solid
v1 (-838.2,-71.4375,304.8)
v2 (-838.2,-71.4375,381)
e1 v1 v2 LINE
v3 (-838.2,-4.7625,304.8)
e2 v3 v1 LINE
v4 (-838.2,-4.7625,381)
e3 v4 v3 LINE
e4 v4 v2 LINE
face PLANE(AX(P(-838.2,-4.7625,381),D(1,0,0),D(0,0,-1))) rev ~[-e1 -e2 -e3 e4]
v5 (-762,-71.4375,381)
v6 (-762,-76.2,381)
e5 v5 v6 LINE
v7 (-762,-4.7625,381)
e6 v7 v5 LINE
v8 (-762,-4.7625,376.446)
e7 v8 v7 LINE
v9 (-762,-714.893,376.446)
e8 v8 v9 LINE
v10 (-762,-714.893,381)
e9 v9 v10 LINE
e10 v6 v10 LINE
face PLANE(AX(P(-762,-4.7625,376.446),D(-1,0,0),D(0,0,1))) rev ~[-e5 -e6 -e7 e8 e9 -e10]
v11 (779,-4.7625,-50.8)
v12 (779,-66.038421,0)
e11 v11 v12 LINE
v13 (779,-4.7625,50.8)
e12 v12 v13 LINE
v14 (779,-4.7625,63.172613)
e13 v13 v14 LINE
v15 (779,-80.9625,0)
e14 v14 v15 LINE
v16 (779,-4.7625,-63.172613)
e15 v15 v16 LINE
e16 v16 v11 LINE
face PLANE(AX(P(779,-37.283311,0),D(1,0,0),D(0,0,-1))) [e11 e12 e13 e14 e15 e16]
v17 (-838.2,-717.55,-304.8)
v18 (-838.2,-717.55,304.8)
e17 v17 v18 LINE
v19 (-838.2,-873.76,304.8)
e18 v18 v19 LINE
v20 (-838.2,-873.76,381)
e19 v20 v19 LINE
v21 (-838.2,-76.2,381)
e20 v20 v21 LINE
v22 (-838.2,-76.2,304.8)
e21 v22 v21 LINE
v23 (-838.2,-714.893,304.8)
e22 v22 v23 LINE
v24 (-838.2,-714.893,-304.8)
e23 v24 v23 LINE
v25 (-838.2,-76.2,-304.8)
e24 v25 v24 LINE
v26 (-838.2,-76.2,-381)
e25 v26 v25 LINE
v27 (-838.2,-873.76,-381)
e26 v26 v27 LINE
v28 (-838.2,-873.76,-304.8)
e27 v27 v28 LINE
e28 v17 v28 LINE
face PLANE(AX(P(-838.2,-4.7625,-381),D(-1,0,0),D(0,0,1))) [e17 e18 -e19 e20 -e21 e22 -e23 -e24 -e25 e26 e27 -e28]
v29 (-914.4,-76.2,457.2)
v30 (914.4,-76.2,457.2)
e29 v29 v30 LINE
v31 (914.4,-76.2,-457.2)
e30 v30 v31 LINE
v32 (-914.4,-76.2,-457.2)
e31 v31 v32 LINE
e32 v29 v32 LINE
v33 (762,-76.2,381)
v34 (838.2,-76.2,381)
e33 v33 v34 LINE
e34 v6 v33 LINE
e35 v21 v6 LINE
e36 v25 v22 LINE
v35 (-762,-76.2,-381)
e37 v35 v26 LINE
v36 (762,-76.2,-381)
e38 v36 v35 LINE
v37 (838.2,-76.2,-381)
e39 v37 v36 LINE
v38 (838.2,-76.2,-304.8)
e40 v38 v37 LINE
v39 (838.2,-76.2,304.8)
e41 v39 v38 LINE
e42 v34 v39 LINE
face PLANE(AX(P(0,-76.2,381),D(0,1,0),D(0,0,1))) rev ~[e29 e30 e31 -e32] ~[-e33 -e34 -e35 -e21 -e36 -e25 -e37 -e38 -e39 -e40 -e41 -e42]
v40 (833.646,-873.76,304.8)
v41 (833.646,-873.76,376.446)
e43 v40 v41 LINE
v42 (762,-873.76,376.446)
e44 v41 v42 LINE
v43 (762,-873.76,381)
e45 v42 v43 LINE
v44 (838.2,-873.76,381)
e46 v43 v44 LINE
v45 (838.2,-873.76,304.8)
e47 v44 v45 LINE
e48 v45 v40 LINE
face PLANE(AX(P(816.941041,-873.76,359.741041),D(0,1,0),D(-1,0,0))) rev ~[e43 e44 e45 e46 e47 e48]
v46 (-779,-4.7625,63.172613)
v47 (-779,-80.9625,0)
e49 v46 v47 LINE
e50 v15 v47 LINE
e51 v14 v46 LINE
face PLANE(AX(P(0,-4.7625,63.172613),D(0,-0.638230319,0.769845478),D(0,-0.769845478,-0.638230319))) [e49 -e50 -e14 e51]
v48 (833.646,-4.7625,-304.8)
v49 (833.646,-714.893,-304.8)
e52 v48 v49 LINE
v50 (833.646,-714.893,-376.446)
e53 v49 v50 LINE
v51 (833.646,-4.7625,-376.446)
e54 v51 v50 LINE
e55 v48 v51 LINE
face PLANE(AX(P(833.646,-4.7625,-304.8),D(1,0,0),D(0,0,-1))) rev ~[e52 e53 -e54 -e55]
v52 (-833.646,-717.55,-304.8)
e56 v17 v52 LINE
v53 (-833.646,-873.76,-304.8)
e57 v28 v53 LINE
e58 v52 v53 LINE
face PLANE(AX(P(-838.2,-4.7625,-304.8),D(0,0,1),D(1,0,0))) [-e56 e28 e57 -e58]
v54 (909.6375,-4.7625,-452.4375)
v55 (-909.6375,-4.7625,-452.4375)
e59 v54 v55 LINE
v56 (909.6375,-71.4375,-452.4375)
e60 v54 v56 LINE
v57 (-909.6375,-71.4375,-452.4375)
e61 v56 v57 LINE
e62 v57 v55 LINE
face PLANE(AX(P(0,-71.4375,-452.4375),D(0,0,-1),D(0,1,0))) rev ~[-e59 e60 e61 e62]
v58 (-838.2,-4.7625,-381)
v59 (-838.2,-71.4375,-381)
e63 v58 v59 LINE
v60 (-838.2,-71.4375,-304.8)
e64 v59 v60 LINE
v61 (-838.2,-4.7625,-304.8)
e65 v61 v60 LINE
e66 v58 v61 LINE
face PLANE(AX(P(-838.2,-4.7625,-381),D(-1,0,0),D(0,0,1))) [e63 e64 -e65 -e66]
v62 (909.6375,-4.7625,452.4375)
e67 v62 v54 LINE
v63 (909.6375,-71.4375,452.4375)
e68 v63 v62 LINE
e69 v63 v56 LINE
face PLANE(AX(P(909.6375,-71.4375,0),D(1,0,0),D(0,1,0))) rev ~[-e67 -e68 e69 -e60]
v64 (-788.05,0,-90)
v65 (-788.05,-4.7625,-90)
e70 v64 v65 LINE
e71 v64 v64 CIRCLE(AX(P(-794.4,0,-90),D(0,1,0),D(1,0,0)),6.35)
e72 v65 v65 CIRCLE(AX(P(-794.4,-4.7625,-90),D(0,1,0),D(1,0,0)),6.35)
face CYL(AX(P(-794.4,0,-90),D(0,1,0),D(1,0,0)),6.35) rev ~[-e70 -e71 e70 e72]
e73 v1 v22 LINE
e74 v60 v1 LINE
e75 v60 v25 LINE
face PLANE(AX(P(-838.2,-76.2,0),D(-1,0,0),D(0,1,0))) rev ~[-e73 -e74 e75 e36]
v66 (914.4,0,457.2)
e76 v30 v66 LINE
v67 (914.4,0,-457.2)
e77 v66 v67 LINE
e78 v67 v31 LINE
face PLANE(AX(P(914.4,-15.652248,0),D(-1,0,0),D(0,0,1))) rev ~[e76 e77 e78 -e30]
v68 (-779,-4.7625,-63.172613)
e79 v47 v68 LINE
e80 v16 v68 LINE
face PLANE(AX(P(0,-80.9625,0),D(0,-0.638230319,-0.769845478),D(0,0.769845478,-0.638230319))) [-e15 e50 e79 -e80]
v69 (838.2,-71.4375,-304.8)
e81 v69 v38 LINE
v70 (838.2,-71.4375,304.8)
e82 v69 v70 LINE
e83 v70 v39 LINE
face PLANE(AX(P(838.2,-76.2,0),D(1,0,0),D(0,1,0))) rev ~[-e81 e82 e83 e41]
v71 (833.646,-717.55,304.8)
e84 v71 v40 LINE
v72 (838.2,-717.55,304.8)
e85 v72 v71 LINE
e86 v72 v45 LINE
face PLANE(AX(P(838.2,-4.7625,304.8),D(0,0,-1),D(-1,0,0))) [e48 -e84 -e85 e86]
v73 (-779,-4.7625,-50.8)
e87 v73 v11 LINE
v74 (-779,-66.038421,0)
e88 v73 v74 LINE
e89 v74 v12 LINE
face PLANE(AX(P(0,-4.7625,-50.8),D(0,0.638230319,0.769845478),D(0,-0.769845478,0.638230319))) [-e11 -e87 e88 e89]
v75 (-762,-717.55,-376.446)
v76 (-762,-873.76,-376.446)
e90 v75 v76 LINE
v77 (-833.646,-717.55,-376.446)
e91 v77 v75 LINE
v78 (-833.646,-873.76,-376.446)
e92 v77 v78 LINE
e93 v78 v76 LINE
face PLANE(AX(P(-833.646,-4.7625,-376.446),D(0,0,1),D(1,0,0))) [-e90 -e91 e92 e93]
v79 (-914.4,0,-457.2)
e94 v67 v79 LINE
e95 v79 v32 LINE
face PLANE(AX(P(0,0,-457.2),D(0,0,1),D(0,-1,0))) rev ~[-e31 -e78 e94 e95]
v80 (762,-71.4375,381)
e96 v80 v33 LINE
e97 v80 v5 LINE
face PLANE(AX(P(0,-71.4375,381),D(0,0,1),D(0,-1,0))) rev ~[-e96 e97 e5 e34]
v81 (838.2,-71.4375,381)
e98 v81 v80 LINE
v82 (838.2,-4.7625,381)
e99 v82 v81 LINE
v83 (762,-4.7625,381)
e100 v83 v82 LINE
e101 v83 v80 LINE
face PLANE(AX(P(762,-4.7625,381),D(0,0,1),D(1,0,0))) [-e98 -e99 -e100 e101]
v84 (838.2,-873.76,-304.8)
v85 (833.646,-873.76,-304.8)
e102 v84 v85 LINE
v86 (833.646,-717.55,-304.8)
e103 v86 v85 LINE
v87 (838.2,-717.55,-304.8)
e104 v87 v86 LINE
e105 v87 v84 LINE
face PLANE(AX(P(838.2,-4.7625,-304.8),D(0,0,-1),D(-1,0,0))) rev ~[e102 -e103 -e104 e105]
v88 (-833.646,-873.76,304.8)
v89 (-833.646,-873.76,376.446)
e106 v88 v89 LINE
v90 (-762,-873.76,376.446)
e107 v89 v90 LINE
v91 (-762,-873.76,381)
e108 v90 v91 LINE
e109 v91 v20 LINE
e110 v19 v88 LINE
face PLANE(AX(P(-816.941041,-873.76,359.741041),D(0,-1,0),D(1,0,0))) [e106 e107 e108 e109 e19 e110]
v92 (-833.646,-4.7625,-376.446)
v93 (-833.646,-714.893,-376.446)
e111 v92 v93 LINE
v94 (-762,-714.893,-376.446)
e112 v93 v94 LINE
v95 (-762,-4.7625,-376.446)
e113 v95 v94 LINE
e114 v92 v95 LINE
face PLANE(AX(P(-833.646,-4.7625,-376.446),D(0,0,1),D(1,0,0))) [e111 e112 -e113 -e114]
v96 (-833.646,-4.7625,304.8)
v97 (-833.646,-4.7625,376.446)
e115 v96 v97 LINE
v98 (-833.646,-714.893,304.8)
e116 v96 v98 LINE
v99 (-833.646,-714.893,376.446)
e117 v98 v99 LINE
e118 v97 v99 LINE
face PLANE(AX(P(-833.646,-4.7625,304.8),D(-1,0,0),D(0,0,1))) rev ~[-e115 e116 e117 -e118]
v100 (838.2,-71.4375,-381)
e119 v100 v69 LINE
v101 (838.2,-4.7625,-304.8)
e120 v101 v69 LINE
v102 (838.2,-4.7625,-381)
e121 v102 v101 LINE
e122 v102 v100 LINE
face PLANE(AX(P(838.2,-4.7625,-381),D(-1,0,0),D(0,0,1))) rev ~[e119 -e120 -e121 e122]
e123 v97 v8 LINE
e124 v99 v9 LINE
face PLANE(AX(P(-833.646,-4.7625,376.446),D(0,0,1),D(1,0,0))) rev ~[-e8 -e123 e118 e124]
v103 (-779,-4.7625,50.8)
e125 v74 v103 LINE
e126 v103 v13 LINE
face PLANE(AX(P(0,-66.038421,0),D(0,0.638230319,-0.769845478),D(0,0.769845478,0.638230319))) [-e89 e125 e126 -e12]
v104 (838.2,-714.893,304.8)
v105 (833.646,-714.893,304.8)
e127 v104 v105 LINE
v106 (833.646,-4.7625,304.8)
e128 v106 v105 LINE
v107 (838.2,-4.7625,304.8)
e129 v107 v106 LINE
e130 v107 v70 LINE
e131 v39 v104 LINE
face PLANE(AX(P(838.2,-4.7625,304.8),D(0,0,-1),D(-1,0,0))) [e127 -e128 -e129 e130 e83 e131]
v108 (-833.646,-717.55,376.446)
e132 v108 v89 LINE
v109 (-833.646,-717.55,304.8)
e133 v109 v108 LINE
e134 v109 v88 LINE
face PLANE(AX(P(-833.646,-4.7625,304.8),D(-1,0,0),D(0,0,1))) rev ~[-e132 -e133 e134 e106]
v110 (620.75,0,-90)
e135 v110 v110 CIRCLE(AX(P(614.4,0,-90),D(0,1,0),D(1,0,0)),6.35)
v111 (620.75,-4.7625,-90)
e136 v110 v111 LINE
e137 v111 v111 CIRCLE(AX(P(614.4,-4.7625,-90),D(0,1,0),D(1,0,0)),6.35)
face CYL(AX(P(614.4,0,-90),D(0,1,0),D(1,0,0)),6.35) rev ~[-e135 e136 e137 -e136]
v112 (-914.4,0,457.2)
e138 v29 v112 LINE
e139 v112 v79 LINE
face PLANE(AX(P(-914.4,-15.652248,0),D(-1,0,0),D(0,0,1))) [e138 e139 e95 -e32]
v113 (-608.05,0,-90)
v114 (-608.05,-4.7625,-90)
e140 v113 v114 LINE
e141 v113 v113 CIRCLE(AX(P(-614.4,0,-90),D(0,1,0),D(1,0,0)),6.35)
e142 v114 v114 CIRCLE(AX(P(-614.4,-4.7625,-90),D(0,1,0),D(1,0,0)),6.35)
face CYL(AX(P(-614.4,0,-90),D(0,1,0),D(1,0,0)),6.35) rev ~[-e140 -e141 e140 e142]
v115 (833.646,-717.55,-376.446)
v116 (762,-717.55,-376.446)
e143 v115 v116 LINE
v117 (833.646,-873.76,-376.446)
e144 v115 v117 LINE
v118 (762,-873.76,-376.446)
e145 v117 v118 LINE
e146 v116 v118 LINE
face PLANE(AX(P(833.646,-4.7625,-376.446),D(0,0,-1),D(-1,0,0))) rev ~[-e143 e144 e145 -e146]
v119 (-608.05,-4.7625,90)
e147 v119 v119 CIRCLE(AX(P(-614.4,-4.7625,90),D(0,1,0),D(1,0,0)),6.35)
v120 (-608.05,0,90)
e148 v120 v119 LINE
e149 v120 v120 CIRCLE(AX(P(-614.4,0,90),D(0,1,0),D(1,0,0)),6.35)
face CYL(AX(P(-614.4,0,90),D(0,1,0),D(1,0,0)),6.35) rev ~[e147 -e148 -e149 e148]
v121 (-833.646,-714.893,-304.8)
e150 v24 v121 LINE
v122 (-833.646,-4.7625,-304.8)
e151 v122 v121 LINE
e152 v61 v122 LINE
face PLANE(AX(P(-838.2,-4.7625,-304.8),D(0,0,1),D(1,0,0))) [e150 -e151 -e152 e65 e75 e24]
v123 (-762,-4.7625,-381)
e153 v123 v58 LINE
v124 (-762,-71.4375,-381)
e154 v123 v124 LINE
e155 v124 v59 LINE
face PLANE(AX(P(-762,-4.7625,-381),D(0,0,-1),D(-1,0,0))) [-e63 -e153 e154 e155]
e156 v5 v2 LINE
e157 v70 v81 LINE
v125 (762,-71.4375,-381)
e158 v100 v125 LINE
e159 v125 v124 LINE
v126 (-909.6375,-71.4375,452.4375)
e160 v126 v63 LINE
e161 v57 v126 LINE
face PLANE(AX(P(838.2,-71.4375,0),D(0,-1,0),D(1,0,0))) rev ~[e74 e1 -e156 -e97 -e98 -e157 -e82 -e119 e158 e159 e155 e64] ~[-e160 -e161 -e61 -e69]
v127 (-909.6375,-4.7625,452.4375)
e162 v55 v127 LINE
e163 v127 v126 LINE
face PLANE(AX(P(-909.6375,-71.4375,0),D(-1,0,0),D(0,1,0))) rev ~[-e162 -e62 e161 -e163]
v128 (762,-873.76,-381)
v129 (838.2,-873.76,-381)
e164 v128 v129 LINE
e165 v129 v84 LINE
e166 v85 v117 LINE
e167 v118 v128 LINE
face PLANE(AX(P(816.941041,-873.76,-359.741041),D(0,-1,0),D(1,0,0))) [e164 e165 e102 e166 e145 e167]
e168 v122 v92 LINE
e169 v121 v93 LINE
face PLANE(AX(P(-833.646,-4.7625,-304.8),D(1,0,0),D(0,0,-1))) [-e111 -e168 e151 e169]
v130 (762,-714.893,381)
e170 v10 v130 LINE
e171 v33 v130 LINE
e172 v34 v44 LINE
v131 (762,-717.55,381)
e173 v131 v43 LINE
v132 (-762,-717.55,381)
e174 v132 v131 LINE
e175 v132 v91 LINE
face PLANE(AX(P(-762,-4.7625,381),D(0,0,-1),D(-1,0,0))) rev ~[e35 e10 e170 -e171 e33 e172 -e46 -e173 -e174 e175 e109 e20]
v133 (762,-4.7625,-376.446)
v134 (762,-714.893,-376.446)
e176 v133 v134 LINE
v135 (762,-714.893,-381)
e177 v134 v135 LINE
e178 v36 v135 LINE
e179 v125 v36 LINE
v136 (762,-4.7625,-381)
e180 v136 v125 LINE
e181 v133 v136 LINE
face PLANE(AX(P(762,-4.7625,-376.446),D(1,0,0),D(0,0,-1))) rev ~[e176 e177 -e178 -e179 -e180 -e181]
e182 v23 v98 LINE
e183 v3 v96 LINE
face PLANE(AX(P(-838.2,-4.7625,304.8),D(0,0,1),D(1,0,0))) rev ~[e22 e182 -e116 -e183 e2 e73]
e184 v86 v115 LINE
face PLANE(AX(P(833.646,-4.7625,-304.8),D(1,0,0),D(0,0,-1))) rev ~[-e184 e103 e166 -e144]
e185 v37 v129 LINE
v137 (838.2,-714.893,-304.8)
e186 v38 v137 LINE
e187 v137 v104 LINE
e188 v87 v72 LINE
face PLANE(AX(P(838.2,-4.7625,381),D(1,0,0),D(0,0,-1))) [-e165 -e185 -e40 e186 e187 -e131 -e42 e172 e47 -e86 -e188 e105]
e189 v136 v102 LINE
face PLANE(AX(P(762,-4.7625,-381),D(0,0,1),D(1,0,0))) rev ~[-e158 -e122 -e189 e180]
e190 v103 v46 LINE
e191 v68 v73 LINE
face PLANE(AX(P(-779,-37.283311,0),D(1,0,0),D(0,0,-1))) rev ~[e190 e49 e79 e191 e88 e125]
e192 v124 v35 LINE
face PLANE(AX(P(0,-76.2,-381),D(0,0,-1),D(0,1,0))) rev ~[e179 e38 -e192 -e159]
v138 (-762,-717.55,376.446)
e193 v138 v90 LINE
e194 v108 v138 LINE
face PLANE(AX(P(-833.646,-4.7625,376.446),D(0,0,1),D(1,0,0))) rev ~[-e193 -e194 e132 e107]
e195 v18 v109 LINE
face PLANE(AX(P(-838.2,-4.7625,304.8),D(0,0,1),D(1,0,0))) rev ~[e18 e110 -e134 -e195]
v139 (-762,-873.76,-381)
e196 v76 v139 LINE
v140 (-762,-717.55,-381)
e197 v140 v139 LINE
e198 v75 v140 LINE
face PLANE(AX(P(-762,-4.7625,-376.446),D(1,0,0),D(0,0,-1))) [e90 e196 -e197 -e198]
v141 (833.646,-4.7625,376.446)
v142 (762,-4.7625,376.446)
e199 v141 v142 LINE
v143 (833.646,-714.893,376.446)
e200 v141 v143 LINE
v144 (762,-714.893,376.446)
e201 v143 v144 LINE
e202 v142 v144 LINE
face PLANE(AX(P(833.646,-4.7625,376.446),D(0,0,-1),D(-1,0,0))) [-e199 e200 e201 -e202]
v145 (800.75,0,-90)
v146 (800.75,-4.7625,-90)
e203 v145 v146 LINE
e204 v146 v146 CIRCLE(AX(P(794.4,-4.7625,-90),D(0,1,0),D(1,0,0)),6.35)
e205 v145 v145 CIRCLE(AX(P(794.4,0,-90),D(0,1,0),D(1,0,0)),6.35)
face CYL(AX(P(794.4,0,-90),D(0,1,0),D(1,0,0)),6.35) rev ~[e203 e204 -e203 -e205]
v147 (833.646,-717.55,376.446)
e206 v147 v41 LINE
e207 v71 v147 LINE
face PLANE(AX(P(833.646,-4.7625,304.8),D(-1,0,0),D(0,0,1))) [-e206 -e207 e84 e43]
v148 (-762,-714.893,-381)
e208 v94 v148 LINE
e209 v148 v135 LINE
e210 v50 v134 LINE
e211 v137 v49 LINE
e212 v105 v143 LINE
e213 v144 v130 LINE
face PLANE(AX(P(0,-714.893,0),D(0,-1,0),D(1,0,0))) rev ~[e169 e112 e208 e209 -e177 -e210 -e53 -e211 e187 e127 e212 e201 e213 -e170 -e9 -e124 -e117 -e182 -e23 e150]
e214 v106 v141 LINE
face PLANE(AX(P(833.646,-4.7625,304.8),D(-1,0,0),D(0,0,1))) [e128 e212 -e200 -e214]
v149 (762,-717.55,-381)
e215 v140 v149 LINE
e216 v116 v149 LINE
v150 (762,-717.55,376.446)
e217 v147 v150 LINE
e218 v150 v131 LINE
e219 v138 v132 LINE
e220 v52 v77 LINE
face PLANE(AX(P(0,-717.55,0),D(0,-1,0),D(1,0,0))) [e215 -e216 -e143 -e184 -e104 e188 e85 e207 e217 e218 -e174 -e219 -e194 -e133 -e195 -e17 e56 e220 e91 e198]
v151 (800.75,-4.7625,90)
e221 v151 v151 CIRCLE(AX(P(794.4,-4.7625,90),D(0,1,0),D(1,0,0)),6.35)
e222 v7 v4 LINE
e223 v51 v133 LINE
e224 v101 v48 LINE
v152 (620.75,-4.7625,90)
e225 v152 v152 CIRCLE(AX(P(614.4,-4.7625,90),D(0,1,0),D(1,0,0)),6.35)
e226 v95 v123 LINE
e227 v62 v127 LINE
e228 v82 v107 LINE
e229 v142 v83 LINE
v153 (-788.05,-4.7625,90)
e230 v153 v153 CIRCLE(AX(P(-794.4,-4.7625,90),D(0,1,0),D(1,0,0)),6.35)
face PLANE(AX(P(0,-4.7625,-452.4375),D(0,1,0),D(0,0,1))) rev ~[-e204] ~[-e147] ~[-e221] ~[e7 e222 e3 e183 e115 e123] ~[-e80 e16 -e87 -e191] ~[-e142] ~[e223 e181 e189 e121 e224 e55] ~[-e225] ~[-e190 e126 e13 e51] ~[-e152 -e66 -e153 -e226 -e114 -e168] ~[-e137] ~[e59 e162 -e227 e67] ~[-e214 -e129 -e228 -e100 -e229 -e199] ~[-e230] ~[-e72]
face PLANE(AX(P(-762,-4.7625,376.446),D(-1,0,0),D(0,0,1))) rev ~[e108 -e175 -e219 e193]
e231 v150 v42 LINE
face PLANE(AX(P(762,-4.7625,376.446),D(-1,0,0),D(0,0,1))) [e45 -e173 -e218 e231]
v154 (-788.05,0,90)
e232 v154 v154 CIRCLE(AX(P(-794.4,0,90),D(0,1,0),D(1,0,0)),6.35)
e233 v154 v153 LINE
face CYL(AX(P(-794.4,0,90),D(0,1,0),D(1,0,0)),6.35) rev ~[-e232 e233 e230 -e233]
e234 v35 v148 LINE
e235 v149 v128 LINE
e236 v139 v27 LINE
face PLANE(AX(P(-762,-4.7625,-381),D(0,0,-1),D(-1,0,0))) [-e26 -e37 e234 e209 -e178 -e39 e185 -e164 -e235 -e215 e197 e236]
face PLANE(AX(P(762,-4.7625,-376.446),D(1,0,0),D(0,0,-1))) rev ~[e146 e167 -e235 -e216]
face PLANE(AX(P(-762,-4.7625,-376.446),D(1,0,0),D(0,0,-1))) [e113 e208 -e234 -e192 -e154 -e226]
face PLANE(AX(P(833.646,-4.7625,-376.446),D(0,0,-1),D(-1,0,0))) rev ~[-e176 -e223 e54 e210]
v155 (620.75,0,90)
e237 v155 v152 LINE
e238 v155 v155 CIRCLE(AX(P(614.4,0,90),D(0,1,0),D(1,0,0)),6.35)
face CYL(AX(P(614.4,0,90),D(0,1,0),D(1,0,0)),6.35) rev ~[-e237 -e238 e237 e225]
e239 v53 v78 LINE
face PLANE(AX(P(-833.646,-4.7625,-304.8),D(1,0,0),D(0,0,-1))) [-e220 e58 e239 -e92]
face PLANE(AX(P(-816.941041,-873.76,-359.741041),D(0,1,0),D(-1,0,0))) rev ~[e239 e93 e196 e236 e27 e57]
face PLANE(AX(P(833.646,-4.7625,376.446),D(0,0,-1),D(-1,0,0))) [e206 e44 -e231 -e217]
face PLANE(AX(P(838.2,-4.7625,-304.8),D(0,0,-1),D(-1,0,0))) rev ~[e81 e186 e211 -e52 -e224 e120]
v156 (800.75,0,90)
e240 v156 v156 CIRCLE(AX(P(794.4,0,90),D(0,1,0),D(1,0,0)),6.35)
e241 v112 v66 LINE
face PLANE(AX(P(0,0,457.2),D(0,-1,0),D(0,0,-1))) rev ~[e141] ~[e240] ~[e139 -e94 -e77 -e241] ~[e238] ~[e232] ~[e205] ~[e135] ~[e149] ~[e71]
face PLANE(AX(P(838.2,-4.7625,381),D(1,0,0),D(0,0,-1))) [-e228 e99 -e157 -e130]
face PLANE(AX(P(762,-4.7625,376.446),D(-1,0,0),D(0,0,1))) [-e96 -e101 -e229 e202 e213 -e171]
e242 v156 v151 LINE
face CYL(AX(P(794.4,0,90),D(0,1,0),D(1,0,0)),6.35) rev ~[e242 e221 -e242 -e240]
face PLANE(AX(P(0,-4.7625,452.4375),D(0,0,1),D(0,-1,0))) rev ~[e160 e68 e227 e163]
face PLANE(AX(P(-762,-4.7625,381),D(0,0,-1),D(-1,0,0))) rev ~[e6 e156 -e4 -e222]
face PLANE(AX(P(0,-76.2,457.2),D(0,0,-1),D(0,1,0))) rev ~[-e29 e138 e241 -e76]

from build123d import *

# Parameters (mm, degrees)
BOSS_EXTRUDE1_DEPTH = 914.4
BOSS_EXTRUDE2_DEPTH = 457.2
BOSS_EXTRUDE3_DEPTH = 868.9975
BOSS_EXTRUDE4_START = 712.7875
SKETCH5_W           = 1676.4
SKETCH5_H           = 762
BOSS_EXTRUDE4_DEPTH = 2.657
SKETCH6_R           = 6.35
CUT_EXTRUDE1_DEPTH  = 10
BOSS_EXTRUDE5_DEPTH = 779


with BuildPart() as part:
    # Sketch1 → Boss-Extrude1 (new body, symmetric)
    with BuildSketch(Plane(origin=(0, 0, 0), x_dir=(0, 0, -1), z_dir=(1, 0, 0))):
        Polygon((-457.2, 0), (457.2, 0), (457.2, -76.2), (381, -76.2), (381, -71.4375), (452.4375, -71.4375), (452.4375, -4.7625), (-452.4375, -4.7625), (-452.4375, -71.4375), (-381, -71.4375), (-381, -76.2), (-457.2, -76.2), align=None)
    extrude(amount=BOSS_EXTRUDE1_DEPTH, both=True)

    # Sketch2 → Boss-Extrude2 (add, symmetric)
    with BuildSketch(Plane.XY):
        Polygon((-914.4, 0), (-914.4, -76.2), (-838.2, -76.2), (-838.2, -71.4375), (-909.6375, -71.4375), (-909.6375, 0), align=None)
        Polygon((909.6375, 0), (914.4, 0), (914.4, -76.2), (838.2, -76.2), (838.2, -71.4375), (909.6375, -71.4375), align=None)
    extrude(amount=BOSS_EXTRUDE2_DEPTH, both=True)

    # Sketch4 → Boss-Extrude3 (add)
    with BuildSketch(Plane.XZ.offset(4.7625)):
        Polygon((-762, 381), (-838.2, 381), (-838.2, 304.8), (-833.646, 304.8), (-833.646, 376.446), (-762, 376.446), align=None)
        Polygon((-833.646, -376.446), (-762, -376.446), (-762, -381), (-838.2, -381), (-838.2, -304.8), (-833.646, -304.8), align=None)
        Polygon((833.646, -304.8), (833.646, -376.446), (762, -376.446), (762, -381), (838.2, -381), (838.2, -304.8), align=None)
        Polygon((833.646, 376.446), (762, 376.446), (762, 381), (838.2, 381), (838.2, 304.8), (833.646, 304.8), align=None)
    extrude(amount=BOSS_EXTRUDE3_DEPTH)

    # Sketch5 → Boss-Extrude4 (add)
    with BuildSketch(Plane.XZ.offset(4.7625).offset(BOSS_EXTRUDE4_START)):
        Rectangle(SKETCH5_W, SKETCH5_H)
    extrude(amount=-BOSS_EXTRUDE4_DEPTH)

    # Sketch6 → Cut-Extrude1 (cut)
    with BuildSketch(Plane(origin=(0, 0, 0), x_dir=(1, 0, 0), z_dir=(0, 1, 0))):
        with Locations((-794.4, 90)):
            Circle(SKETCH6_R)
        with Locations((-614.4, 90)):
            Circle(SKETCH6_R)
        with Locations((-794.4, -90)):
            Circle(SKETCH6_R)
        with Locations((-614.4, -90)):
            Circle(SKETCH6_R)
        with Locations((614.4, -90)):
            Circle(SKETCH6_R)
        with Locations((794.4, -90)):
            Circle(SKETCH6_R)
        with Locations((794.4, 90)):
            Circle(SKETCH6_R)
        with Locations((614.4, 90)):
            Circle(SKETCH6_R)
    extrude(amount=-CUT_EXTRUDE1_DEPTH, mode=Mode.SUBTRACT)

    # Sketch7 → Boss-Extrude5 (add, symmetric)
    with BuildSketch(Plane(origin=(0, 0, 0), x_dir=(0, 0, -1), z_dir=(1, 0, 0))):
        Polygon((63.172612778, -4.7625), (50.8, -4.7625), (0, -66.038420526), (-50.8, -4.7625), (-63.172612778, -4.7625), (0, -80.9625), align=None)
    extrude(amount=BOSS_EXTRUDE5_DEPTH, both=True)


solid = part.part
